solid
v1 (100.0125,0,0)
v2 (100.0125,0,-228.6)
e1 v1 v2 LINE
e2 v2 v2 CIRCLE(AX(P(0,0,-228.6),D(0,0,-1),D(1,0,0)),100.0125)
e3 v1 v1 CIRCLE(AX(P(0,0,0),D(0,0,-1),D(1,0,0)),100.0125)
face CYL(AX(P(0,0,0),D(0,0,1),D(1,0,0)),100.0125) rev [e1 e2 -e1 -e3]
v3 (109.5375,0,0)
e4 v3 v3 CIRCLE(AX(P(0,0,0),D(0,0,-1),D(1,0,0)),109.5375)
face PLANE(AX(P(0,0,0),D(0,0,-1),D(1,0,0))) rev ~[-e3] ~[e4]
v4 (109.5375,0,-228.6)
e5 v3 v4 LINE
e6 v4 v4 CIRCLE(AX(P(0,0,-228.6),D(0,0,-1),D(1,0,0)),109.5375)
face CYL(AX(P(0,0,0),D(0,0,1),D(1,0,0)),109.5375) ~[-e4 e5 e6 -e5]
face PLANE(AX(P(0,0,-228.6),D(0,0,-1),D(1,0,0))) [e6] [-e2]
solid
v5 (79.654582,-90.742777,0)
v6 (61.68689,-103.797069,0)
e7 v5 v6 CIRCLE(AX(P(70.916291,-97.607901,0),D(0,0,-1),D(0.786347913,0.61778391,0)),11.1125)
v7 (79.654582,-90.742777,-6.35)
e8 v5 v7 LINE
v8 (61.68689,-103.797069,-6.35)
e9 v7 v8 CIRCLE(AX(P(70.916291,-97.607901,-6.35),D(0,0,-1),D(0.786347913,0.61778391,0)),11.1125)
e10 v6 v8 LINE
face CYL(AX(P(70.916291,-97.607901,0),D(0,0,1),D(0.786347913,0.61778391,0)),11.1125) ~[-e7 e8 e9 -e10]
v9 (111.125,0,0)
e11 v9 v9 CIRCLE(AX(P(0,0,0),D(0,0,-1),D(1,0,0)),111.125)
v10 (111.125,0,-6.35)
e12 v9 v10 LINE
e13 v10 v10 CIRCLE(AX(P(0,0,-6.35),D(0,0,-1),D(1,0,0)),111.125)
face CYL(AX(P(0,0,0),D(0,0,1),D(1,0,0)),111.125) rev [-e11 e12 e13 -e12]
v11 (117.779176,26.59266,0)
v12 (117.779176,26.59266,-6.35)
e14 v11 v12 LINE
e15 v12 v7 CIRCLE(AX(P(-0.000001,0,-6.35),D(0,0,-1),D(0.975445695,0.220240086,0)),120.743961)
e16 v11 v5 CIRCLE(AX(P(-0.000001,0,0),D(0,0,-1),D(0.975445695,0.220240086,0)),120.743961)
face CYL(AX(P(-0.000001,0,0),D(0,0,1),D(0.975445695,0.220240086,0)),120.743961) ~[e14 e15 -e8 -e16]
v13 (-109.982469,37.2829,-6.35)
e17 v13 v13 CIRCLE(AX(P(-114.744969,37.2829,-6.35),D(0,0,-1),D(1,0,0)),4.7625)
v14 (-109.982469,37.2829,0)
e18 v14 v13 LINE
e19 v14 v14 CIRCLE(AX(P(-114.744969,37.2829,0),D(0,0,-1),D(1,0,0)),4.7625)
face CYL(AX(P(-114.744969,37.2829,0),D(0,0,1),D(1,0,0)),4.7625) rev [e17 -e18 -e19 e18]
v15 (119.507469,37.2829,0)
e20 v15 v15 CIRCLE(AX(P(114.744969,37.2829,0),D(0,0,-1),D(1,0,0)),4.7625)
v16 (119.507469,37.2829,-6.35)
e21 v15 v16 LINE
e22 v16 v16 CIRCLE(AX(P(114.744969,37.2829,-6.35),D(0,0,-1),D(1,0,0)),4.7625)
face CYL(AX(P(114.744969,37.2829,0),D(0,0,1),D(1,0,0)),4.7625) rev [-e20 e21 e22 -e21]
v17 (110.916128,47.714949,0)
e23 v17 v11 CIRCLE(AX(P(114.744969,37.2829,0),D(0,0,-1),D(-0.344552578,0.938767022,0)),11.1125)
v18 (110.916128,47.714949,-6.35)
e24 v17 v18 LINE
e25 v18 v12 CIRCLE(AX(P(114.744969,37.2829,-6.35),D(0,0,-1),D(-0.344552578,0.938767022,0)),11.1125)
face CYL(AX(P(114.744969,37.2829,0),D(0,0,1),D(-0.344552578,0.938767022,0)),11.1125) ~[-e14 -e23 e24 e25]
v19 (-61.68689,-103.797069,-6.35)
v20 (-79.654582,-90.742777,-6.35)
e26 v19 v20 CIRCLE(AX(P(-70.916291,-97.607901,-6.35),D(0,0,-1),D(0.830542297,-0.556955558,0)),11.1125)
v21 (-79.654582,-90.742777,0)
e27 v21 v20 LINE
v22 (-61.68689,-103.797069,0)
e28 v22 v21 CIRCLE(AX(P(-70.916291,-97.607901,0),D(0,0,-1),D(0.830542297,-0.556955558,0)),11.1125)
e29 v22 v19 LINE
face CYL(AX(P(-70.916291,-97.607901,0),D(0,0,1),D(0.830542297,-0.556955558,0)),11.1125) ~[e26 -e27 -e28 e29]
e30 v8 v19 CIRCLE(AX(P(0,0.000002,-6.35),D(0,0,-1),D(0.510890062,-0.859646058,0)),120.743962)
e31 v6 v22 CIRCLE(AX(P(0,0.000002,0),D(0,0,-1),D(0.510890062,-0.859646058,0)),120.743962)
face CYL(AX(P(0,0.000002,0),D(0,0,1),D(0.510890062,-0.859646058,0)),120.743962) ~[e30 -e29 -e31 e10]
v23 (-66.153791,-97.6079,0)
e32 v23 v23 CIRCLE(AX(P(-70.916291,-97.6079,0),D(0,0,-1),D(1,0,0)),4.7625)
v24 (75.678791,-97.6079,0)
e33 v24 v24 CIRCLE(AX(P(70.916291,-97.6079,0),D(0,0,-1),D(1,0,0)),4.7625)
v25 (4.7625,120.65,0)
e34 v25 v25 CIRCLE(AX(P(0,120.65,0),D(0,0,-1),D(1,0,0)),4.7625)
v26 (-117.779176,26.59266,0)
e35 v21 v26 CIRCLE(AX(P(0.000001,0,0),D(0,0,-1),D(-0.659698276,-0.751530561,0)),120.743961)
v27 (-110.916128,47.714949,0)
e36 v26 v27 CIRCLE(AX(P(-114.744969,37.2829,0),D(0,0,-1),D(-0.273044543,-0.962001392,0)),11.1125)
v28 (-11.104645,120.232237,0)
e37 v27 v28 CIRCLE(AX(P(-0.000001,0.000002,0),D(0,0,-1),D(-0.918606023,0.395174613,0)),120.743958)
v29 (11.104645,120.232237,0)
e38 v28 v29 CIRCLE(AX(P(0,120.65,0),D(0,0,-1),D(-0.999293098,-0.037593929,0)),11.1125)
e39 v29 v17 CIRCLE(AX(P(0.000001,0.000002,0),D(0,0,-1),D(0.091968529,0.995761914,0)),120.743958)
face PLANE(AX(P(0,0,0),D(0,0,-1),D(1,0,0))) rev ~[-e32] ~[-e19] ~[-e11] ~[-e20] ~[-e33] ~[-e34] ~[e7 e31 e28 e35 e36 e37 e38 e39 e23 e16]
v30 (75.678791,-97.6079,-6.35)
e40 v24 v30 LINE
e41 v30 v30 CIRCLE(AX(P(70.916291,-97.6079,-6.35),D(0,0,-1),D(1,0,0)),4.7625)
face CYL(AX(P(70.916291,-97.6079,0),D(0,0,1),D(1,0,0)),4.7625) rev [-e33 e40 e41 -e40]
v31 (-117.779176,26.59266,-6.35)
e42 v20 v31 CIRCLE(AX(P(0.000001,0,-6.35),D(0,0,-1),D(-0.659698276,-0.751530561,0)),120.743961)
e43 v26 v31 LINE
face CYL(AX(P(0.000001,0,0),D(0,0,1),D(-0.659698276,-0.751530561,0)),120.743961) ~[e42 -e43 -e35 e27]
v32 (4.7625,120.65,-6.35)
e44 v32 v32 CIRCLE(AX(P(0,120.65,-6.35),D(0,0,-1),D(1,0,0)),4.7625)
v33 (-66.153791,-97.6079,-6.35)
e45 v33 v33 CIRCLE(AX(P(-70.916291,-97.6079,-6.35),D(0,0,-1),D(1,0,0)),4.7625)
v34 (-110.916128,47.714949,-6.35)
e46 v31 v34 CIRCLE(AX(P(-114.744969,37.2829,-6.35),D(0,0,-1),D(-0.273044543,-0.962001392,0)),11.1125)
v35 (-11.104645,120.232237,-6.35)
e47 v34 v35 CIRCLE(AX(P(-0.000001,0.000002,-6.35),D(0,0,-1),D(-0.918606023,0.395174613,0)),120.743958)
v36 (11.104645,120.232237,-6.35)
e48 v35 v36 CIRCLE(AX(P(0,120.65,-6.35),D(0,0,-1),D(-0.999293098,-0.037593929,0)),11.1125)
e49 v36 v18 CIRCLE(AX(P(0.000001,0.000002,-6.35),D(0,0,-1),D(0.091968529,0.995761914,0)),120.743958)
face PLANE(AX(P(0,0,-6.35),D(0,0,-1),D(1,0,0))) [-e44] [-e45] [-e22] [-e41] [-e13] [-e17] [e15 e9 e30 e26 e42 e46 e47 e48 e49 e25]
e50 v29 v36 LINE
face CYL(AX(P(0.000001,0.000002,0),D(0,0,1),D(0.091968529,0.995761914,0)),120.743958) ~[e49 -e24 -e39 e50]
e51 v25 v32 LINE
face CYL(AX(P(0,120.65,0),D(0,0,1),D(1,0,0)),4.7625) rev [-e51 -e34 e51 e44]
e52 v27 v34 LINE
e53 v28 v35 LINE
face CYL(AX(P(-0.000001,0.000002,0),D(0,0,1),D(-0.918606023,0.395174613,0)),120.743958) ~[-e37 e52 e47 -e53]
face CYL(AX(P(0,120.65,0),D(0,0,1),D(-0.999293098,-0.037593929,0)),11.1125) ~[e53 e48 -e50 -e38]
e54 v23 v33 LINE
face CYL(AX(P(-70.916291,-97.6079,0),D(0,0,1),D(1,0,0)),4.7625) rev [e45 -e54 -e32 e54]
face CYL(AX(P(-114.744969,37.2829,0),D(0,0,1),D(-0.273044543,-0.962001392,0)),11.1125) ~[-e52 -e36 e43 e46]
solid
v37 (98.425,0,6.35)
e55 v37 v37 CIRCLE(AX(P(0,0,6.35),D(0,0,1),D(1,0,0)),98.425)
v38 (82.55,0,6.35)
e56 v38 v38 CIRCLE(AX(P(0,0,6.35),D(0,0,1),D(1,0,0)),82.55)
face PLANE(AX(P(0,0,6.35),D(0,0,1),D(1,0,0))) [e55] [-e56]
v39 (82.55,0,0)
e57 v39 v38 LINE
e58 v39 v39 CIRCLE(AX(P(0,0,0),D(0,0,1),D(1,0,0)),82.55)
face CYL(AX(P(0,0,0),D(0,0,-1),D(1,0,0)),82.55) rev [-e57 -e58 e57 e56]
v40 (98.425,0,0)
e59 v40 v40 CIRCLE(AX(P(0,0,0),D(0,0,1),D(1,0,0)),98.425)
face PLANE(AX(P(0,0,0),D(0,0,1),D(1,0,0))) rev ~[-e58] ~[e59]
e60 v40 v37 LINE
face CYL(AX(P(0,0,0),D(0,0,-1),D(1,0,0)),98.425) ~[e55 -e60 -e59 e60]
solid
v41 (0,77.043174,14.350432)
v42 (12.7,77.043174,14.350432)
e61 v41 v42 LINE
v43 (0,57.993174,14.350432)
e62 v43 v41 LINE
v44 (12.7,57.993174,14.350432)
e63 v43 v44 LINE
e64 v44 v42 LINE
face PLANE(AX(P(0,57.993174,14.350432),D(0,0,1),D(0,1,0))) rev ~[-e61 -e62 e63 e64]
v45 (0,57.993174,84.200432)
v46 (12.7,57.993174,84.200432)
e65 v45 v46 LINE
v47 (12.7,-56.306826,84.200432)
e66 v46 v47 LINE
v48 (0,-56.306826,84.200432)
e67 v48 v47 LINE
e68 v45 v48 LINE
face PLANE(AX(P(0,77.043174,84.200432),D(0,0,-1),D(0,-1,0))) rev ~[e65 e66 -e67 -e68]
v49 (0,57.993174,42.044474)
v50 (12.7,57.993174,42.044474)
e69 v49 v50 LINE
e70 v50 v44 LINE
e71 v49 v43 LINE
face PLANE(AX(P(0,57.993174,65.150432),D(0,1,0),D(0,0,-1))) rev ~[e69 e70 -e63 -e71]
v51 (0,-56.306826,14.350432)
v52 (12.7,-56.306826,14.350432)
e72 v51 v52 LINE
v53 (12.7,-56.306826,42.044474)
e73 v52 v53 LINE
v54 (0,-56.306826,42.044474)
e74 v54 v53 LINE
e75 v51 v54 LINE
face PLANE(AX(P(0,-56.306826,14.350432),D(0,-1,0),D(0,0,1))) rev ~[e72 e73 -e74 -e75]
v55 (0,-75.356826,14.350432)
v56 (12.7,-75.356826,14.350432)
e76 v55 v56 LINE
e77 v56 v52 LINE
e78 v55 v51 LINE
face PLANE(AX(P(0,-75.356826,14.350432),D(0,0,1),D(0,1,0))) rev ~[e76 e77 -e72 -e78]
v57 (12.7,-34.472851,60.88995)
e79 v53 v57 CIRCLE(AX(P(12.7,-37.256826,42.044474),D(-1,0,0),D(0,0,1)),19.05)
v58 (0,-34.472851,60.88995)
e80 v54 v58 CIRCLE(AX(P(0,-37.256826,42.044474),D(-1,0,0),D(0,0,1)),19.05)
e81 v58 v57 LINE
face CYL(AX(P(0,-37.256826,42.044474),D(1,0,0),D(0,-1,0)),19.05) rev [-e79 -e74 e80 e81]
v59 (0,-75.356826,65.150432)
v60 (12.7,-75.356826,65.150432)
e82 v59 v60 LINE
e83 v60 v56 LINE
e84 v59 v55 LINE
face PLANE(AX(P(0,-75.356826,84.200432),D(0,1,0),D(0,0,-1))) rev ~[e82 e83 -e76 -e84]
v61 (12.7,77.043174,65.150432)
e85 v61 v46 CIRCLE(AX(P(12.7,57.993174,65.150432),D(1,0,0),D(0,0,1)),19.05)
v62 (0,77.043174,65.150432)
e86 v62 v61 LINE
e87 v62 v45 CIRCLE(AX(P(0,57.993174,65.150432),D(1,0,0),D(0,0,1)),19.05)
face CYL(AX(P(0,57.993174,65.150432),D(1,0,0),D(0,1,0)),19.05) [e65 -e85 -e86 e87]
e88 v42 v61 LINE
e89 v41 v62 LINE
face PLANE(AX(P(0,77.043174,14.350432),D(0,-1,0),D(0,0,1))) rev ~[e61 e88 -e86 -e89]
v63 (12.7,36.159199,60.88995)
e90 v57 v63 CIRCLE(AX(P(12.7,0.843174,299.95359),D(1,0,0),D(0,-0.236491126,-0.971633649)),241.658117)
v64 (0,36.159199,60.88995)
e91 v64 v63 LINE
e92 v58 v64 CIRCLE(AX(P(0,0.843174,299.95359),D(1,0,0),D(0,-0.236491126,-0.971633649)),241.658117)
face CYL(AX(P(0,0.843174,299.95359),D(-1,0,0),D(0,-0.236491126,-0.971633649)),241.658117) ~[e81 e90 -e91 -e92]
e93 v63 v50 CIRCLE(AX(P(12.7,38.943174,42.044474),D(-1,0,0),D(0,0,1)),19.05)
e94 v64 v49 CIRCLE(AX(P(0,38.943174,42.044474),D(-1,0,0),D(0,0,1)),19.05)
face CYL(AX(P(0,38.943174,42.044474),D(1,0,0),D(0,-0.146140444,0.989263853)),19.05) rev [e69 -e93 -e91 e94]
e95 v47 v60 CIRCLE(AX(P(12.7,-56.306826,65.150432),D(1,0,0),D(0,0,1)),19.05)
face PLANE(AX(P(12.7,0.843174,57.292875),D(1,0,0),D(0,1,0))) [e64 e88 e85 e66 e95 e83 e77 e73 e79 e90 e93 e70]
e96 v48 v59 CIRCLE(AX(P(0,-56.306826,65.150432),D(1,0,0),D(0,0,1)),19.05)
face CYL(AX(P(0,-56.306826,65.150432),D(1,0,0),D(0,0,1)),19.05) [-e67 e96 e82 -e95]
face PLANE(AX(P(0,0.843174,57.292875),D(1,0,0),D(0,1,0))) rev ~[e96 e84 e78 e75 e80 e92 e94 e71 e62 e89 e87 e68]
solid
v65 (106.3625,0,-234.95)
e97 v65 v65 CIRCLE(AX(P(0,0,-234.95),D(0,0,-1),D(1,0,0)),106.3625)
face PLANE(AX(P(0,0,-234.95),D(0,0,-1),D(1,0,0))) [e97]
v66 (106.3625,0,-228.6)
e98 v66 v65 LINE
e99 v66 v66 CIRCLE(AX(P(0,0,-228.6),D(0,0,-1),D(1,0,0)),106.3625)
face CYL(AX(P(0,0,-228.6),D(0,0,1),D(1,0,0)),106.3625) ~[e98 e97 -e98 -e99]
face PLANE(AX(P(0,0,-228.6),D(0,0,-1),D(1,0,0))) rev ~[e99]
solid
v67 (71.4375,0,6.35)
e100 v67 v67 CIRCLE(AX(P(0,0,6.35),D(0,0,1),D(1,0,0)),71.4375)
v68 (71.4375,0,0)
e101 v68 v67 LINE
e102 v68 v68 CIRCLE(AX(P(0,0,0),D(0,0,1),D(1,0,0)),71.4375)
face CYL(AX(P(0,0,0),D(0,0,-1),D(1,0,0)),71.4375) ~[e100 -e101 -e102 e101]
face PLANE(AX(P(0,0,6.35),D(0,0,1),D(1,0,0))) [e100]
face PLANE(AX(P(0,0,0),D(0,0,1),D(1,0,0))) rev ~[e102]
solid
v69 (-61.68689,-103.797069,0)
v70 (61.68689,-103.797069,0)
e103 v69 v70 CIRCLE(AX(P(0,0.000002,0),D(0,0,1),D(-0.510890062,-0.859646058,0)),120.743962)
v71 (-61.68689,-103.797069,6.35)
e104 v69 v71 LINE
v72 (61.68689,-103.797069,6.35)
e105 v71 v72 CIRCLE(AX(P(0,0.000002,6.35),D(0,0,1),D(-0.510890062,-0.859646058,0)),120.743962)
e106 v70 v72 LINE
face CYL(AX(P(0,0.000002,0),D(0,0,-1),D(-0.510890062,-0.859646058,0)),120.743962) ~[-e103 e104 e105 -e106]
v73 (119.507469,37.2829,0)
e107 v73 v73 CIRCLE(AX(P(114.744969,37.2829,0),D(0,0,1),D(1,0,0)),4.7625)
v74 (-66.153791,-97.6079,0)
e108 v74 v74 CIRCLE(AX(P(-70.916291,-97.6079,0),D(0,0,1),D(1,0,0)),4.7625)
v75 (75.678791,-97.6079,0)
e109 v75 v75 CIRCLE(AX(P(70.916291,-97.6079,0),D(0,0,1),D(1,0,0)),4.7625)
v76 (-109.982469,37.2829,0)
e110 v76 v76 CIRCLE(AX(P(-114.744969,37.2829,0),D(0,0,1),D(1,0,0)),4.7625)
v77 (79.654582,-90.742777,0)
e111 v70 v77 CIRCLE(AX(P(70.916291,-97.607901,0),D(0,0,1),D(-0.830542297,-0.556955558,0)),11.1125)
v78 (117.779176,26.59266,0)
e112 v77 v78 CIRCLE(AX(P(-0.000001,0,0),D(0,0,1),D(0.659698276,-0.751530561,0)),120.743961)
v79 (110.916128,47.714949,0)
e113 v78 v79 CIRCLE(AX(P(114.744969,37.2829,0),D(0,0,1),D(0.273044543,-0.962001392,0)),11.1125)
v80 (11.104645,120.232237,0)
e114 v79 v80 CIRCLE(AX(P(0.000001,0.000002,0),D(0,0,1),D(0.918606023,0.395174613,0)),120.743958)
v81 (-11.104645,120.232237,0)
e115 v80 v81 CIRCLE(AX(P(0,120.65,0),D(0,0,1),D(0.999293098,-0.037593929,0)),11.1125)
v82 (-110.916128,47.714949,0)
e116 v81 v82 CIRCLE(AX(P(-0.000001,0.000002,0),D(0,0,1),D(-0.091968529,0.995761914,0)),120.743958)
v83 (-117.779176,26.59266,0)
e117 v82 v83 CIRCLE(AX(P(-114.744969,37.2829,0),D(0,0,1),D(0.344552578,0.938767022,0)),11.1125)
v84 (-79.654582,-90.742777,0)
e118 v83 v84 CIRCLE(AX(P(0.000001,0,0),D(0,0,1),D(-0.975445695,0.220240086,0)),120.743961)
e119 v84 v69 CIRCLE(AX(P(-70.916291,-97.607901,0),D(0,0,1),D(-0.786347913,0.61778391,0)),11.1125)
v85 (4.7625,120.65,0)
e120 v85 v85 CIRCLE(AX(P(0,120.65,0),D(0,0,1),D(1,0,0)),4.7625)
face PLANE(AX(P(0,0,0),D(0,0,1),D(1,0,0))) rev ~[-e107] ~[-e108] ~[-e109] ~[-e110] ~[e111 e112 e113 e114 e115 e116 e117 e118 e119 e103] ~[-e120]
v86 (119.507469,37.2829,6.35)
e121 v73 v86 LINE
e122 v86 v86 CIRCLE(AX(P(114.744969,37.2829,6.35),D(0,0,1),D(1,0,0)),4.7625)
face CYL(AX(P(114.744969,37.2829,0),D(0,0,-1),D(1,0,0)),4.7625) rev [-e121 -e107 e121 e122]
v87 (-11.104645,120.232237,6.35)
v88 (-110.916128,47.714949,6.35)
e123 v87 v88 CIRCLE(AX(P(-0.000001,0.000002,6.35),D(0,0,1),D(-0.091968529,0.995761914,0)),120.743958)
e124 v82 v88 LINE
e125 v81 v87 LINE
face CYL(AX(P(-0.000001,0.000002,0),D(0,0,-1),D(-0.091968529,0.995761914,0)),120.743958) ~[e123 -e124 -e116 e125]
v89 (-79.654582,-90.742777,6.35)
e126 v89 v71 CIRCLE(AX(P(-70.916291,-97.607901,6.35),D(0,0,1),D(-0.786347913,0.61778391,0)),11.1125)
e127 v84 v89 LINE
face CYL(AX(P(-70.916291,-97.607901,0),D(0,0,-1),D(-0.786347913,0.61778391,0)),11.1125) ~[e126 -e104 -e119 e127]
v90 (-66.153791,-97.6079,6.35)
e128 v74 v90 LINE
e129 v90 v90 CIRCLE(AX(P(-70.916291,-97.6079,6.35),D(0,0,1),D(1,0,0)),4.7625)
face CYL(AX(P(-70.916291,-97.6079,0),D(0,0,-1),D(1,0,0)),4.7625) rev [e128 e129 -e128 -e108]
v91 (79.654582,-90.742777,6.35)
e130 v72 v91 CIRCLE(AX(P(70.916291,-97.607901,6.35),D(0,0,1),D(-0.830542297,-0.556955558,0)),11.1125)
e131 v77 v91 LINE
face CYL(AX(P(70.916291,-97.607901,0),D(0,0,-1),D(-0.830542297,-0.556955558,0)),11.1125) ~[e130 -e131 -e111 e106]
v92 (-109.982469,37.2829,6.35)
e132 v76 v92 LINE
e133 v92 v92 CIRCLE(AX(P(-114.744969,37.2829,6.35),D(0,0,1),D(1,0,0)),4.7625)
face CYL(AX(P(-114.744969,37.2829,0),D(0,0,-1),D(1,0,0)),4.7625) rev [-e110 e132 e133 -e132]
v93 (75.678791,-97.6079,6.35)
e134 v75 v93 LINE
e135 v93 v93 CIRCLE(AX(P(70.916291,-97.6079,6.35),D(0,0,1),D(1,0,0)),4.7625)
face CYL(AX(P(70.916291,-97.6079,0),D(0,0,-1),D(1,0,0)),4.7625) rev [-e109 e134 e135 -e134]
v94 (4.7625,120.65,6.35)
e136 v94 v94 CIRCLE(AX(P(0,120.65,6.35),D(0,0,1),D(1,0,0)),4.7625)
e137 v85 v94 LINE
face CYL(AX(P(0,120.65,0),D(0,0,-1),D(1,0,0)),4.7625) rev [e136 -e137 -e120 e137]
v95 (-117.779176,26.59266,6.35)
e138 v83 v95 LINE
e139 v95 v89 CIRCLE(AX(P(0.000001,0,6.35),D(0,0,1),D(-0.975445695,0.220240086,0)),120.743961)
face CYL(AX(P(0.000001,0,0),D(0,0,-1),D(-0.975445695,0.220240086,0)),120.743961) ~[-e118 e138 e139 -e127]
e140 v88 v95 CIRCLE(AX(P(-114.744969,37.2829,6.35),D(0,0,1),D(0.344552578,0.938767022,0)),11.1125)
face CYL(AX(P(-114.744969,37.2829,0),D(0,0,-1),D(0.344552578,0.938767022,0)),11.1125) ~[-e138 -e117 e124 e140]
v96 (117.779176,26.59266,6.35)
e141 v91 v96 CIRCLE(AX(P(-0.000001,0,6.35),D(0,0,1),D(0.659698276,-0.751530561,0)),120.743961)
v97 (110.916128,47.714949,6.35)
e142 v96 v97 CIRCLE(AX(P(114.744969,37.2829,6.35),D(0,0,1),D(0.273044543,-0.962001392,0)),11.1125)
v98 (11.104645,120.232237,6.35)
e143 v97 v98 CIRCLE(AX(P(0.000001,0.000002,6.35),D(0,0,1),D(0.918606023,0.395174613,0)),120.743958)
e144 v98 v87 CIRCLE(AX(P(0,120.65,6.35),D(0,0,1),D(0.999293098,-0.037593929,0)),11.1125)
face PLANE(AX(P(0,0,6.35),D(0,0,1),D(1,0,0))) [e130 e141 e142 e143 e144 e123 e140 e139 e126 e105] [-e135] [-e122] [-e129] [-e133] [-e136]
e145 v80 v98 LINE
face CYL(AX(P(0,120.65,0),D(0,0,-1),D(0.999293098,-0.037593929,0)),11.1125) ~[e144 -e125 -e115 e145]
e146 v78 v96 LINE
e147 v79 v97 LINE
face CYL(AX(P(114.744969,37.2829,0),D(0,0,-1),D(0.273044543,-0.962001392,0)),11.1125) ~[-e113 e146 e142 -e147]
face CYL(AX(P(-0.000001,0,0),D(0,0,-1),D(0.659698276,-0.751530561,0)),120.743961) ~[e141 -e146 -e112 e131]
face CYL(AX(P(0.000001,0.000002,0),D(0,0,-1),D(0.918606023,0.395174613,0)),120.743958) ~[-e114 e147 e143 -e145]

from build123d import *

# Parameters (mm, degrees)
F0_R      = 4.7625
F1_DEPTH  = 6.35
F3_DEPTH  = 12.7
F4_R      = 19.05
F5_R      = 4.7625
F5_R_2    = 111.125
F6_DEPTH  = 6.35
F7_R      = 109.5375
F7_R_2    = 100.0125
F8_DEPTH  = 228.6
F9_R      = 106.3625
F10_DEPTH = 6.35
F12_R     = 98.425
F12_R_2   = 82.55
F13_DEPTH = 6.35
F14_R     = 71.4375
F15_DEPTH = 6.35


with BuildPart() as f1:
    # F0 (on Top) → F1 (new body)
    with BuildSketch(Plane.XY):
        with BuildLine():
            ThreePointArc((110.916128, 47.714949), (70.971519, 97.683916), (11.104645, 120.232237))
            ThreePointArc((11.104645, 120.232237), (0, 131.7625), (-11.104645, 120.232237))
            ThreePointArc((-11.104645, 120.232237), (-70.971519, 97.683916), (-110.916128, 47.714949))
            ThreePointArc((-110.916128, 47.714949), (-125.313584, 40.716852), (-117.779176, 26.59266))
            ThreePointArc((-117.779176, 26.59266), (-114.83433, -37.311936), (-79.654582, -90.742777))
            ThreePointArc((-79.654582, -90.742777), (-77.448054, -106.598102), (-61.68689, -103.797069))
            ThreePointArc((-61.68689, -103.797069), (0, -120.74396), (61.68689, -103.797069))
            ThreePointArc((61.68689, -103.797069), (77.448054, -106.598102), (79.654582, -90.742777))
            ThreePointArc((79.654582, -90.742777), (114.83433, -37.311936), (117.779176, 26.59266))
            ThreePointArc((117.779176, 26.59266), (125.313584, 40.716852), (110.916128, 47.714949))
        make_face()
        with Locations((-70.916291, -97.6079)):
            Circle(F0_R, mode=Mode.SUBTRACT)
        with Locations((70.916291, -97.6079)):
            Circle(F0_R, mode=Mode.SUBTRACT)
        with Locations((-114.744969, 37.2829)):
            Circle(F0_R, mode=Mode.SUBTRACT)
        with Locations((0, 120.65)):
            Circle(F0_R, mode=Mode.SUBTRACT)
        with Locations((114.744969, 37.2829)):
            Circle(F0_R, mode=Mode.SUBTRACT)
    extrude(amount=F1_DEPTH)


with BuildPart() as f3:
    # F2 (on Right) → F3 (new body)
    with BuildSketch(Plane.YZ):
        with BuildLine():
            Line((-56.306826, 14.350432), (-56.306826, 65.150432))
            ThreePointArc((-56.306826, 65.150432), (0.843174, 58.295473), (57.993174, 65.150432))
            Line((57.993174, 65.150432), (57.993174, 14.350432))
            Line((57.993174, 14.350432), (77.043174, 14.350432))
            Line((77.043174, 14.350432), (77.043174, 84.200432))
            Line((77.043174, 84.200432), (-75.356826, 84.200432))
            Line((-75.356826, 84.200432), (-75.356826, 14.350432))
            Line((-75.356826, 14.350432), (-56.306826, 14.350432))
        make_face()
    extrude(amount=F3_DEPTH)

    # F4
    f4_edges = [f3.edges().sort_by_distance(p)[0] for p in [
        (6.35, -75.356826, 84.200432),
        (6.35, 77.043174, 84.200432),
        (6.35, -56.306826, 65.150432),
        (6.35, 57.993174, 65.150432),
    ]]
    fillet(f4_edges, radius=F4_R)


with BuildPart() as f6:
    # F5 (on face) → F6 (new body)
    with BuildSketch(Plane(origin=(0, 0, 0), x_dir=(1, 0, 0), z_dir=(0, 0, -1))):
        with BuildLine():
            ThreePointArc((117.779176, -26.59266), (114.83433, 37.311936), (79.654582, 90.742777))
            ThreePointArc((79.654582, 90.742777), (77.448054, 106.598102), (61.68689, 103.797069))
            ThreePointArc((61.68689, 103.797069), (0, 120.74396), (-61.68689, 103.797069))
            ThreePointArc((-61.68689, 103.797069), (-77.448054, 106.598102), (-79.654582, 90.742777))
            ThreePointArc((-79.654582, 90.742777), (-114.83433, 37.311936), (-117.779176, -26.59266))
            ThreePointArc((-117.779176, -26.59266), (-125.313584, -40.716852), (-110.916128, -47.714949))
            ThreePointArc((-110.916128, -47.714949), (-70.971519, -97.683916), (-11.104645, -120.232237))
            ThreePointArc((-11.104645, -120.232237), (0, -131.7625), (11.104645, -120.232237))
            ThreePointArc((11.104645, -120.232237), (70.971519, -97.683916), (110.916128, -47.714949))
            ThreePointArc((110.916128, -47.714949), (125.313584, -40.716852), (117.779176, -26.59266))
        make_face()
        with Locations((-114.744969, -37.2829)):
            Circle(F5_R, mode=Mode.SUBTRACT)
        with Locations((0, -120.65)):
            Circle(F5_R, mode=Mode.SUBTRACT)
        with Locations((114.744969, -37.2829)):
            Circle(F5_R, mode=Mode.SUBTRACT)
        with Locations((-70.916291, 97.6079)):
            Circle(F5_R, mode=Mode.SUBTRACT)
        Circle(F5_R_2, mode=Mode.SUBTRACT)
        with Locations((70.916291, 97.6079)):
            Circle(F5_R, mode=Mode.SUBTRACT)
    extrude(amount=F6_DEPTH)


with BuildPart() as f8:
    # F7 (on face) → F8 (new body)
    with BuildSketch(Plane(origin=(0, 0, 0), x_dir=(1, 0, 0), z_dir=(0, 0, -1))):
        Circle(F7_R)
        Circle(F7_R_2, mode=Mode.SUBTRACT)
    extrude(amount=F8_DEPTH)


with BuildPart() as f10:
    # F9 (on face) → F10 (new body)
    with BuildSketch(Plane(origin=(0, 0, -228.6), x_dir=(1, 0, 0), z_dir=(0, 0, -1))):
        Circle(F9_R)
    extrude(amount=F10_DEPTH)


with BuildPart() as f13:
    # F12 (on face) → F13 (new body)
    with BuildSketch(Plane.XY):
        Circle(F12_R)
        Circle(F12_R_2, mode=Mode.SUBTRACT)
    extrude(amount=F13_DEPTH)


with BuildPart() as f15:
    # F14 (on face) → F15 (new body)
    with BuildSketch(Plane.XY):
        Circle(F14_R)
    extrude(amount=F15_DEPTH)


solid = Compound([f1.part, f3.part, f6.part, f8.part, f10.part, f13.part, f15.part])
